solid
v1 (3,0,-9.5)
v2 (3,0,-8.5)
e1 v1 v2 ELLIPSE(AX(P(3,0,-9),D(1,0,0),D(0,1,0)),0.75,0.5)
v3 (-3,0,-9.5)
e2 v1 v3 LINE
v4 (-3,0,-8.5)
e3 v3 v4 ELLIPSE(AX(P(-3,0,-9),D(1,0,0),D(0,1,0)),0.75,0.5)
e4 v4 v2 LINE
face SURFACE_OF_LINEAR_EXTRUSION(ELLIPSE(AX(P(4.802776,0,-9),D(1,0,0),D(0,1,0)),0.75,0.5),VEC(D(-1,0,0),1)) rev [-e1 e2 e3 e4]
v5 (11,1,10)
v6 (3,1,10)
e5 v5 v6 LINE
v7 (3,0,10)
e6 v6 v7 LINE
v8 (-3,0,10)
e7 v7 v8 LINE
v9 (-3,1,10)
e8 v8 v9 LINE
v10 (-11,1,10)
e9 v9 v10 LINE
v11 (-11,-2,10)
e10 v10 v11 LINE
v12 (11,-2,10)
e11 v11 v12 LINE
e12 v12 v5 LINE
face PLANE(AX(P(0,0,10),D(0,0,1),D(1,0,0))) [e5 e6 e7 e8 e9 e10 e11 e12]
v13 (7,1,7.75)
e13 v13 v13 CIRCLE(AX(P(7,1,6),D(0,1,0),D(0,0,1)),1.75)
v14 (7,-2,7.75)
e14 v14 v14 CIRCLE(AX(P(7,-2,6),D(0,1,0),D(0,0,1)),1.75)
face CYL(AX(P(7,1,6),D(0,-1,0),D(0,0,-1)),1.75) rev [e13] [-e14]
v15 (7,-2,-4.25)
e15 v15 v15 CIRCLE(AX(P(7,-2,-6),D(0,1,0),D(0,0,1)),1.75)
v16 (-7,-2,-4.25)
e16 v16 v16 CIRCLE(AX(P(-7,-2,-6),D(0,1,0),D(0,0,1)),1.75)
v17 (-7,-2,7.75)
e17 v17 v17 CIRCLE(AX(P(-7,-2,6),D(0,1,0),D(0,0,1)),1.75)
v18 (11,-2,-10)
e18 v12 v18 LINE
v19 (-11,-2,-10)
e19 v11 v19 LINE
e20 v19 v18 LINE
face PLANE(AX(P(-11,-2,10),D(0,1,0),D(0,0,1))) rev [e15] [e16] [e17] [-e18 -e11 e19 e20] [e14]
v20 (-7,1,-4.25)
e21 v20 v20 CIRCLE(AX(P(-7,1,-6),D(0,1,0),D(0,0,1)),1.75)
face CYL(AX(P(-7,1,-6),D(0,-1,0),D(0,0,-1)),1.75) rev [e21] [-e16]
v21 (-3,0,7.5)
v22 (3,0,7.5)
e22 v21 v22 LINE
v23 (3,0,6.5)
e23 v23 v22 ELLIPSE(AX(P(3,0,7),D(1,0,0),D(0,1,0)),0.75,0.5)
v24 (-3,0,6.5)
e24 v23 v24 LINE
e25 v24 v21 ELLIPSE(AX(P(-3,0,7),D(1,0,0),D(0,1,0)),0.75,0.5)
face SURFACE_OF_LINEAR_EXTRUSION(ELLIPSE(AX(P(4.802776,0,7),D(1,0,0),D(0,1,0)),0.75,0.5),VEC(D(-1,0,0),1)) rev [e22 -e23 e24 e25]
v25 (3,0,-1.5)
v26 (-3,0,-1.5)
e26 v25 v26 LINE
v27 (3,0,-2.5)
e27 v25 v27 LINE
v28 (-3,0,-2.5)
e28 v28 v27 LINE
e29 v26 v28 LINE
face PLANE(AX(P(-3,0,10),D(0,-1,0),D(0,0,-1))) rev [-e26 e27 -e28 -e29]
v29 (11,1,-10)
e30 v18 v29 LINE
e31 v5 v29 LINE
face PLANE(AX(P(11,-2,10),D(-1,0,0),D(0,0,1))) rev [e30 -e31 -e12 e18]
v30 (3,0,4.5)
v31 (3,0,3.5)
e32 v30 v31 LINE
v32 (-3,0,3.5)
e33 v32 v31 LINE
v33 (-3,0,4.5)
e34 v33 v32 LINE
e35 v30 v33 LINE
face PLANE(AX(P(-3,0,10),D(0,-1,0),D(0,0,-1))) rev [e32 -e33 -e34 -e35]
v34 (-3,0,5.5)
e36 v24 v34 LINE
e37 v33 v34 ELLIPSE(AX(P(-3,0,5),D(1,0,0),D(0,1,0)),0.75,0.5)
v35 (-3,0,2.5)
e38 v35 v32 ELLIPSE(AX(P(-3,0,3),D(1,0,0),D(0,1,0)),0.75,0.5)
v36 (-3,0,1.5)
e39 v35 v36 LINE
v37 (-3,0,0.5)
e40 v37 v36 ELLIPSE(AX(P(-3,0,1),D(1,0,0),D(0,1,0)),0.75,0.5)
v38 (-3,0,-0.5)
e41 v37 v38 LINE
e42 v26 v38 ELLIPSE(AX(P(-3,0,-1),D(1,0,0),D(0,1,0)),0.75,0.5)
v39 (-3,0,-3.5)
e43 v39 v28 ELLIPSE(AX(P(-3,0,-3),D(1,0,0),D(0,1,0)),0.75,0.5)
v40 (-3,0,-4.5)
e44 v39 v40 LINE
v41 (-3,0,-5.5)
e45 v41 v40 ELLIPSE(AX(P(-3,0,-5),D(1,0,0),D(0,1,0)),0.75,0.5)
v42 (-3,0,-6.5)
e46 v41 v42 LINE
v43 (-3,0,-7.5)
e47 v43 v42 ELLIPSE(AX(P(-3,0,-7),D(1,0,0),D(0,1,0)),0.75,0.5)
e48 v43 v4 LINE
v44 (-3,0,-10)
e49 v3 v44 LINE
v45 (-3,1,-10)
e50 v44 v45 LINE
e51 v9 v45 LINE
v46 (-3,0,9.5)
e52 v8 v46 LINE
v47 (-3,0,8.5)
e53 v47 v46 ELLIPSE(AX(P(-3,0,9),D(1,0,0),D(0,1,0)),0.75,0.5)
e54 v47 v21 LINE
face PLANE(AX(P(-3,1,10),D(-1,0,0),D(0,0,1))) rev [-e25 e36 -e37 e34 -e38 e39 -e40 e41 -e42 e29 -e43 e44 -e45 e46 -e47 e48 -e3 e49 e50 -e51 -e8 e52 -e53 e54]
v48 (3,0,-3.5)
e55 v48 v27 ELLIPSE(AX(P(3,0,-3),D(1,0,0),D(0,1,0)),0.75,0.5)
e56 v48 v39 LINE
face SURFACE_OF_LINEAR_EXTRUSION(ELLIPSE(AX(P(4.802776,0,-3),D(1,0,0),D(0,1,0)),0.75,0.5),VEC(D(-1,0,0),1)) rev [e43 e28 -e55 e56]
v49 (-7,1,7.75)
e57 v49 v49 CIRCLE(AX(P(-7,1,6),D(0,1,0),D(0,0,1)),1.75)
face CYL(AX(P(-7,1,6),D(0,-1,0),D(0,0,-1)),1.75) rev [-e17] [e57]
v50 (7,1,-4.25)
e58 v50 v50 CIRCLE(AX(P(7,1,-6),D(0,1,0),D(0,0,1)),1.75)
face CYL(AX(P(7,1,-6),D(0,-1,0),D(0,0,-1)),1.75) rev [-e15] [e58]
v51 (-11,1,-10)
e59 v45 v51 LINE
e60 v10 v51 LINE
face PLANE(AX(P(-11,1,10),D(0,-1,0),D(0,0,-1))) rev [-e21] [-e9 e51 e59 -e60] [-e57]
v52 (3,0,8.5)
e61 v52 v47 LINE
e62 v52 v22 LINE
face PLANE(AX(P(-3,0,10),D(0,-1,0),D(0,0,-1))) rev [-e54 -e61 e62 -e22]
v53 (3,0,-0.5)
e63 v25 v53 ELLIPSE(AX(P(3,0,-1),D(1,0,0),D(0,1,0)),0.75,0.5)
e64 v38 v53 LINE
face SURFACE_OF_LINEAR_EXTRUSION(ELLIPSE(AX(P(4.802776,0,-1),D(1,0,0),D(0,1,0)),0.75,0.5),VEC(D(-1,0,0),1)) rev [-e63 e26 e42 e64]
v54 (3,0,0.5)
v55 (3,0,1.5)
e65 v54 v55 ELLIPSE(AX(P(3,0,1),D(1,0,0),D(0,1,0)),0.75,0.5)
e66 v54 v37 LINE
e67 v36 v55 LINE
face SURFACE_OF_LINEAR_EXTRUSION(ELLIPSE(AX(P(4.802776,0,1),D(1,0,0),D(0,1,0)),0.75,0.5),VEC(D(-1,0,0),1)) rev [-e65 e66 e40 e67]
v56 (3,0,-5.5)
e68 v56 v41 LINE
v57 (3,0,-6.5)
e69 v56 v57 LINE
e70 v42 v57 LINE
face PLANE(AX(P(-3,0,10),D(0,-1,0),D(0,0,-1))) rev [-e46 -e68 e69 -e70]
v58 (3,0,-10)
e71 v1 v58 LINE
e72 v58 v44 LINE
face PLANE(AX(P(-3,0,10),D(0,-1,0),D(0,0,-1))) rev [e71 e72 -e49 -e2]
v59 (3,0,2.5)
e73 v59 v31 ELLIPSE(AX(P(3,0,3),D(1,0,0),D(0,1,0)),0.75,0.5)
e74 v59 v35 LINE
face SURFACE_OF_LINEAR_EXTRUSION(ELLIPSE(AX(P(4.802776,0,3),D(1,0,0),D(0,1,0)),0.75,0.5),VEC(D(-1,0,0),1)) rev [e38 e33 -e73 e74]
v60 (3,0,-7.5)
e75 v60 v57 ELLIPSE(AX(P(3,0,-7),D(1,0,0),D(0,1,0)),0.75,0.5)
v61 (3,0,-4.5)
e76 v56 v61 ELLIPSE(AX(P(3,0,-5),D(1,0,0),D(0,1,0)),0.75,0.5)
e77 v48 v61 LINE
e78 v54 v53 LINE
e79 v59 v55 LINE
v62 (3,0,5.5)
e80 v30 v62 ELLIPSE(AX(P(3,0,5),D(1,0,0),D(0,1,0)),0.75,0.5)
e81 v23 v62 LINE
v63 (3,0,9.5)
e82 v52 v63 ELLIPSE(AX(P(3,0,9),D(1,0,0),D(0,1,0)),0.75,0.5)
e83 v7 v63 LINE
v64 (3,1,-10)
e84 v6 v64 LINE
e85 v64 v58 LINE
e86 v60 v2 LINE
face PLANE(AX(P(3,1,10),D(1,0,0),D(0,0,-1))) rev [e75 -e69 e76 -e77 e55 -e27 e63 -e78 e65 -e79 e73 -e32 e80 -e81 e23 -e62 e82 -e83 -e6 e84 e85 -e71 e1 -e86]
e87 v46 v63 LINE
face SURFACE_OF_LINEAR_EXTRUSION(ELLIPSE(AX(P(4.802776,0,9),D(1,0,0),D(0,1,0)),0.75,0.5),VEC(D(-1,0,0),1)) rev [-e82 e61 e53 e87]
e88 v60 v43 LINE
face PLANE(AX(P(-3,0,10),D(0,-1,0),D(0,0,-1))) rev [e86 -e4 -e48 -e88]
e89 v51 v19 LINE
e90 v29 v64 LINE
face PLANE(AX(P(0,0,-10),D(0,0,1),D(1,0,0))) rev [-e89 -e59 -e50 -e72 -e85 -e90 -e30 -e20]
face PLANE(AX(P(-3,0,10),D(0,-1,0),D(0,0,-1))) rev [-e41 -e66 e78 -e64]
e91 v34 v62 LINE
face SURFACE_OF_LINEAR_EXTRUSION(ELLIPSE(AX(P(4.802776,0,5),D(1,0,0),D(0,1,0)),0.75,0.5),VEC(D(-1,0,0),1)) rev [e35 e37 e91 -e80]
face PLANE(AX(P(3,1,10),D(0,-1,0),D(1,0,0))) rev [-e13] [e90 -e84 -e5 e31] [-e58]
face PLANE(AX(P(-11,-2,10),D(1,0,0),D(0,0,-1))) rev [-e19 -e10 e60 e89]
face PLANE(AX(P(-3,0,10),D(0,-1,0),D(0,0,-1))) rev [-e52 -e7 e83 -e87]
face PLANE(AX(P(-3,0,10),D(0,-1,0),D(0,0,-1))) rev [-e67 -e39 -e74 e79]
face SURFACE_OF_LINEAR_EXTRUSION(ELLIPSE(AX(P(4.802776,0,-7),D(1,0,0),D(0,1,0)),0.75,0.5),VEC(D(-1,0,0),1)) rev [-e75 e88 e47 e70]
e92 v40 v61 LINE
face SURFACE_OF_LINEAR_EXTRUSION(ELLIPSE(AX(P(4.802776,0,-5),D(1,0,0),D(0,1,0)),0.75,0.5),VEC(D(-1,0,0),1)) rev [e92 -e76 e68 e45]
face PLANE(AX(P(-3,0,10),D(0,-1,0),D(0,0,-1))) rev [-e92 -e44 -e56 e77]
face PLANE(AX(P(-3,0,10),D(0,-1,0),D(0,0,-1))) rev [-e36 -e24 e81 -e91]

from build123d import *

# Parameters (mm, degrees)
BOSS_EXTRUDE1_DEPTH     = 10
BOSS_EXTRUDE2_START     = -11
SKETCH3_RX              = 0.75
SKETCH3_RY              = 0.5
BOSS_EXTRUDE2_DEPTH     = 14
LPATTERN1_COUNT         = 5
LPATTERN1_PITCH         = 2
LPATTERN1_COL_COUNT     = 6
LPATTERN1_COL_PITCH     = 2
SKETCH4_R               = 1.75
CUT_EXTRUDE2_DEPTH      = 2.0000001
CUT_EXTRUDE2_DEPTH_BACK = 3


with BuildPart() as part:
    # Sketch2 → Boss-Extrude1 (new body, symmetric)
    with BuildSketch(Plane.XY):
        Polygon((-11, 1), (-3, 1), (-3, 0), (3, 0), (3, 1), (11, 1), (11, -2), (-11, -2), align=None)
    extrude(amount=BOSS_EXTRUDE1_DEPTH, both=True)

    # Sketch3 → Boss-Extrude2 (add)
    with BuildSketch(Plane(origin=(0, 0, 0), x_dir=(0, 0, -1), z_dir=(1, 0, 0)).offset(BOSS_EXTRUDE2_START)):
        with Locations(Location((-1, 0), (0, 0, 90))):
            Ellipse(SKETCH3_RX, SKETCH3_RY)
    boss_extrude2 = extrude(amount=BOSS_EXTRUDE2_DEPTH)

    # LPattern1: Boss-Extrude2 ×5
    with Locations(*[(0, 0, i * LPATTERN1_PITCH) for i in range(1, LPATTERN1_COUNT)]):
        add(boss_extrude2)

    # LPattern1 col: Boss-Extrude2 ×6
    with Locations(*[(0, 0, -i * LPATTERN1_COL_PITCH) for i in range(1, LPATTERN1_COL_COUNT)]):
        add(boss_extrude2)

    # Sketch4 → Cut-Extrude2 (cut, two sides)
    with BuildSketch(Plane(origin=(0, 0, 0), x_dir=(1, 0, 0), z_dir=(0, 1, 0))) as cut_extrude2_sk:
        with Locations((-7, 6)):
            Circle(SKETCH4_R)
        with Locations((7, 6)):
            Circle(SKETCH4_R)
        with Locations((7, -6)):
            Circle(SKETCH4_R)
        with Locations((-7, -6)):
            Circle(SKETCH4_R)
    extrude(amount=CUT_EXTRUDE2_DEPTH, mode=Mode.SUBTRACT)
    extrude(cut_extrude2_sk.sketch, amount=-CUT_EXTRUDE2_DEPTH_BACK, mode=Mode.SUBTRACT)


solid = part.part
